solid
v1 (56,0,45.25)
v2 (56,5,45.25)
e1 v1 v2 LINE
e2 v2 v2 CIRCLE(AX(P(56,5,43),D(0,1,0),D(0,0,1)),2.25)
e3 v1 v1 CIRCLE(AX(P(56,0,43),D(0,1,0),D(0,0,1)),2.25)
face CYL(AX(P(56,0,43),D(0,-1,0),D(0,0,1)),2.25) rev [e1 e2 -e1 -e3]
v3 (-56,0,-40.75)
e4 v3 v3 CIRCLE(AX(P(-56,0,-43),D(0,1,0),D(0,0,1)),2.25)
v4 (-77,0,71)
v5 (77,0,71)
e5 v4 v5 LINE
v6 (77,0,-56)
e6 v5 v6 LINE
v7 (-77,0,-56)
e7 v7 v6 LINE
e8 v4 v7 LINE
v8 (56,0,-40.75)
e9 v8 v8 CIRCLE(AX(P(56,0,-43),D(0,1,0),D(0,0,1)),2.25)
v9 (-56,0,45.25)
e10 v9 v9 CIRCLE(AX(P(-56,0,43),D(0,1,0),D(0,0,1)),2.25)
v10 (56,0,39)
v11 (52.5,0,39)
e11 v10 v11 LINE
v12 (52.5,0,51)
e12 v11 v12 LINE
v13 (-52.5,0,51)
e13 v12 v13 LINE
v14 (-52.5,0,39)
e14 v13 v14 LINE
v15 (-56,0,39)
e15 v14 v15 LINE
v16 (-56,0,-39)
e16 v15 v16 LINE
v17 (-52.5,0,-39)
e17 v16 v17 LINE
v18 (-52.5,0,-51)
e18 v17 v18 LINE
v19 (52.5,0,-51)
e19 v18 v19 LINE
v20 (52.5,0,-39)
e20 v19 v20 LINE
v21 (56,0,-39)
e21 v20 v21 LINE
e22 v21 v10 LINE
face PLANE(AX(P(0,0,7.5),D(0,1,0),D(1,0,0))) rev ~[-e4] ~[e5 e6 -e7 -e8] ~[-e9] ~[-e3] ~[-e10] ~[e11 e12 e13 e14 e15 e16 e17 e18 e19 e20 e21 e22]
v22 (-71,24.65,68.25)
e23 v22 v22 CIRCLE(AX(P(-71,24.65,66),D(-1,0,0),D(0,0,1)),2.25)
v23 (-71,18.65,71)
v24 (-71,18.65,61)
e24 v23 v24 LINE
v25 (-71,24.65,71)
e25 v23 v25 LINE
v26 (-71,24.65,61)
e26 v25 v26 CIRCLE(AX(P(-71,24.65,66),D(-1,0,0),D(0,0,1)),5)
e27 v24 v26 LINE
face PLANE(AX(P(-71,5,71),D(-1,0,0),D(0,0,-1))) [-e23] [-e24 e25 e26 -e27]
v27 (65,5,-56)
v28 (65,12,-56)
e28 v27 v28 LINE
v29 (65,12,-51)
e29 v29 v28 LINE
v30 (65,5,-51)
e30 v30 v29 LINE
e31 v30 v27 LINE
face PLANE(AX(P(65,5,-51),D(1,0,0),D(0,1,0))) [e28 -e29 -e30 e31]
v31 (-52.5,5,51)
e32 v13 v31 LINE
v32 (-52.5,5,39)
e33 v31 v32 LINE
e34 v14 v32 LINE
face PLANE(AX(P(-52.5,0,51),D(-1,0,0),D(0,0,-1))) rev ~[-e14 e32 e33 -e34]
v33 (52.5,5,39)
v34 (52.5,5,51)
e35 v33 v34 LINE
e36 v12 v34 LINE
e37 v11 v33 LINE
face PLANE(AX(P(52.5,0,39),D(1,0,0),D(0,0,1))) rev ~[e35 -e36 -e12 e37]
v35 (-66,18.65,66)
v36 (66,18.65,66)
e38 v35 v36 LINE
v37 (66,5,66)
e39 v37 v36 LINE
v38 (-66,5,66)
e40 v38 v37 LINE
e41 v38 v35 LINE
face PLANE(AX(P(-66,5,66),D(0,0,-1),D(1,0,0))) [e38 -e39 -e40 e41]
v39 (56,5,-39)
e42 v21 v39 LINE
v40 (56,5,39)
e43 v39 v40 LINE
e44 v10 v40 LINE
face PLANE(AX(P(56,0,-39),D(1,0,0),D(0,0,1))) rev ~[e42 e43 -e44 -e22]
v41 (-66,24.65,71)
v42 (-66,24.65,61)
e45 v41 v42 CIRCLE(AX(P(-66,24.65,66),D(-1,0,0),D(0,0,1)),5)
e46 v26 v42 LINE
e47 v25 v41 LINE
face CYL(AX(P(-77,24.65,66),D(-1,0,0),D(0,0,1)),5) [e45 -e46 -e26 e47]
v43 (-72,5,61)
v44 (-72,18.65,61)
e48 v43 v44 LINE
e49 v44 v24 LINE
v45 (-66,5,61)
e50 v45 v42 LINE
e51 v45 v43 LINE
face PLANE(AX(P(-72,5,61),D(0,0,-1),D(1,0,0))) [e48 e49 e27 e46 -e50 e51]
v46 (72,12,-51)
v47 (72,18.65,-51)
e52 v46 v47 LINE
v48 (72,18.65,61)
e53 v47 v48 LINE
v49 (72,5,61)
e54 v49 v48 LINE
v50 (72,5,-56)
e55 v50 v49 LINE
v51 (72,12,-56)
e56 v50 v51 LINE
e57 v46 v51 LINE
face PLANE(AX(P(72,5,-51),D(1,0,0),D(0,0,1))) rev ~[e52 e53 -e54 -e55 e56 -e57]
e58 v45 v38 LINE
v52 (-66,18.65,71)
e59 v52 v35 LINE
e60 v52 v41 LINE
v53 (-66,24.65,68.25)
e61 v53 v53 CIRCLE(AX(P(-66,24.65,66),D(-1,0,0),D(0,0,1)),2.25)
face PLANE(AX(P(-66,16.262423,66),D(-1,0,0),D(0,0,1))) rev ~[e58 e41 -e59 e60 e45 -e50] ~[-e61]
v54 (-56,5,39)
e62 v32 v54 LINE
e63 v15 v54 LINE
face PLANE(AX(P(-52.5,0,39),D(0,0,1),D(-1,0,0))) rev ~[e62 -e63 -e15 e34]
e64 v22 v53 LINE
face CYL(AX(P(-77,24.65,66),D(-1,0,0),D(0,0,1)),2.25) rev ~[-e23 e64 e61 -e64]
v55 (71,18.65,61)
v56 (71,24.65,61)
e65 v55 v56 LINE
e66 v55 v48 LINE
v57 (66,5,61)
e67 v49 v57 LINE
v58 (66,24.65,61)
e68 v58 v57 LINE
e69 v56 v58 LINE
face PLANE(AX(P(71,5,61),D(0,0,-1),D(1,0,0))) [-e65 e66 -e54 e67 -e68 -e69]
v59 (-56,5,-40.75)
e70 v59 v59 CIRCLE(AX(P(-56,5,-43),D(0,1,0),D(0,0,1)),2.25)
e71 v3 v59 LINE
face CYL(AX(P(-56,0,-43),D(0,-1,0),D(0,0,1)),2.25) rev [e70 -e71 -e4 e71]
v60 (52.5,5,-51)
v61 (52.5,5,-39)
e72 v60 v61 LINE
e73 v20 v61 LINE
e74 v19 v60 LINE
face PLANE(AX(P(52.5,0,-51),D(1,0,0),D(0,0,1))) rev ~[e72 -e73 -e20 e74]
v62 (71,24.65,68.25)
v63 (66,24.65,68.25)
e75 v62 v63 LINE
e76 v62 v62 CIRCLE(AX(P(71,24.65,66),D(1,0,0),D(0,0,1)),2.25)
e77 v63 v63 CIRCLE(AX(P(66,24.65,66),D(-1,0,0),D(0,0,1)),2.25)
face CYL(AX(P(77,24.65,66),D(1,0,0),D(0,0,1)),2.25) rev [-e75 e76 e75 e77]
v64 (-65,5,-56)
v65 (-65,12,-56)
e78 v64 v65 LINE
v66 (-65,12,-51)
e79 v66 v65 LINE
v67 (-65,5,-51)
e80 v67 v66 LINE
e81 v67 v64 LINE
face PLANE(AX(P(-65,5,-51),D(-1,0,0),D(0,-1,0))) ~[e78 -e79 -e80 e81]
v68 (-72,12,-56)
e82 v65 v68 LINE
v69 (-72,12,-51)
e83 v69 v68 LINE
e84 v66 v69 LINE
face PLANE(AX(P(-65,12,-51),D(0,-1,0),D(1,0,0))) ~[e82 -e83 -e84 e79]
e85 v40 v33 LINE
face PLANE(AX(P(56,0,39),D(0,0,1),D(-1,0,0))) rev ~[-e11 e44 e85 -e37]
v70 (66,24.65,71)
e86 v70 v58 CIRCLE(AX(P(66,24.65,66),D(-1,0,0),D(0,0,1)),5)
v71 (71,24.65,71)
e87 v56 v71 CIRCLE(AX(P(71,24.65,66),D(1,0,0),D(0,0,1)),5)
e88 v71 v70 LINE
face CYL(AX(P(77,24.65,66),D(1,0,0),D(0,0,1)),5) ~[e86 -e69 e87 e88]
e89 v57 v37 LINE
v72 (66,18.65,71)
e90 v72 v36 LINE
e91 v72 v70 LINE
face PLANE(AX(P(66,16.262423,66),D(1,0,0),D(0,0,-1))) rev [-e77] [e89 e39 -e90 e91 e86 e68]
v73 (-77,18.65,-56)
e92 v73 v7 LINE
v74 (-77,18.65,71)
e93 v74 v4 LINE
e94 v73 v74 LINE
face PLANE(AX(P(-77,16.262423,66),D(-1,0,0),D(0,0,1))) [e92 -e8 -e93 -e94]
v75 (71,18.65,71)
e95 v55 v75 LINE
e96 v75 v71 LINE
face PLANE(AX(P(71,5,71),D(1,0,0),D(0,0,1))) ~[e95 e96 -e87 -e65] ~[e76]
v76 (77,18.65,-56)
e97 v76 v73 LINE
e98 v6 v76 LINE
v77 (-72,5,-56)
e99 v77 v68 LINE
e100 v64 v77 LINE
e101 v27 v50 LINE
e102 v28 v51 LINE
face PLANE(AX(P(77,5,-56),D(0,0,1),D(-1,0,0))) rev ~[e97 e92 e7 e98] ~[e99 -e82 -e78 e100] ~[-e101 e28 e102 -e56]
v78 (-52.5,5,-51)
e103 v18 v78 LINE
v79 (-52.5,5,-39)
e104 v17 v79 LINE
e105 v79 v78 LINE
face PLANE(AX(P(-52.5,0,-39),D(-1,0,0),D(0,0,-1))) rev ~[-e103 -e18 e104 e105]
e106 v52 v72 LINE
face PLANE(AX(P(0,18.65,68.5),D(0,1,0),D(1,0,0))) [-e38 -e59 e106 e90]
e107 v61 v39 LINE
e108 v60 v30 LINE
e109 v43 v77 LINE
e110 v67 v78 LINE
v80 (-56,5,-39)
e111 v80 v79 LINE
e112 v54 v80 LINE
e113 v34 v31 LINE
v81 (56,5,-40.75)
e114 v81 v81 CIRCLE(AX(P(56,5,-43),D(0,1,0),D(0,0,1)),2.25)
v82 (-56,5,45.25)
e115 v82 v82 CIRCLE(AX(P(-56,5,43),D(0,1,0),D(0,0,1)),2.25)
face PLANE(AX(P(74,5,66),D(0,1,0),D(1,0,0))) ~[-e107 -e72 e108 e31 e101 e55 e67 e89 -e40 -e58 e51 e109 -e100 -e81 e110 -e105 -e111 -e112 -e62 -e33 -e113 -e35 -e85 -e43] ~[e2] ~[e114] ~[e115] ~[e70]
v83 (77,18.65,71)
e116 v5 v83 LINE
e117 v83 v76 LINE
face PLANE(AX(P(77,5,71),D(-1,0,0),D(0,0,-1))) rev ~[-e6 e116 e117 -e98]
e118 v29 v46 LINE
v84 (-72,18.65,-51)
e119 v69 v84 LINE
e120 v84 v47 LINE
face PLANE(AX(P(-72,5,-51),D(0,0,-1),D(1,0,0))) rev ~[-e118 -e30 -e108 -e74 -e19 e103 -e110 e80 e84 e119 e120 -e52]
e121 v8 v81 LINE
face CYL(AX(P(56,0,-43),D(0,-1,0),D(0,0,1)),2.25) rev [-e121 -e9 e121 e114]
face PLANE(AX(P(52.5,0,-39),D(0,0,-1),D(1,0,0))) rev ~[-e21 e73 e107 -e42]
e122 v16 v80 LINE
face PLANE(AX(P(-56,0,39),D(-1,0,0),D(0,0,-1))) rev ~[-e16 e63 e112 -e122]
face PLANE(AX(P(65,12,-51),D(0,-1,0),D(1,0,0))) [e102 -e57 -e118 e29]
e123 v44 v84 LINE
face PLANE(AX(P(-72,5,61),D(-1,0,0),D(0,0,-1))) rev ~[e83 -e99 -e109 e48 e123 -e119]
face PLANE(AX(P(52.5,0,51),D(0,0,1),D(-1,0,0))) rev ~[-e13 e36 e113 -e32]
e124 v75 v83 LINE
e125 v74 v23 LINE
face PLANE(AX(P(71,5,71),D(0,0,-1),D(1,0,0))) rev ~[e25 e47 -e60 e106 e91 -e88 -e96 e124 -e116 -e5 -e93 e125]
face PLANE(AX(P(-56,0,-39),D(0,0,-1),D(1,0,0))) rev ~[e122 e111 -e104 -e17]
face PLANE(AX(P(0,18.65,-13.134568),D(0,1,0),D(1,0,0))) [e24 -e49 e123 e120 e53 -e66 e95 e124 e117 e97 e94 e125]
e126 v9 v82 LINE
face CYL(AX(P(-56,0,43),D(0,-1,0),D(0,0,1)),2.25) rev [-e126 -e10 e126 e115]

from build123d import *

# Parameters (mm, degrees)
SKETCH1_W           = 154
SKETCH1_H           = 127
SKETCH1_R           = 2.25
BOSS_EXTRUDE1_DEPTH = 5
SKETCH2_R           = 2.25
BOSS_EXTRUDE2_DEPTH = 11
SKETCH4_W           = 6
SKETCH4_H           = 10
CUT_EXTRUDE1_DEPTH  = 37
SKETCH5_W           = 132
SKETCH5_H           = 5
SKETCH5_W_2         = 1
SKETCH5_W_3         = 6
BOSS_EXTRUDE3_DEPTH = 13.65
SKETCH6_W           = 7
SKETCH6_H           = 7
CUT_EXTRUDE2_DEPTH  = 13.65


with BuildPart() as part:
    # Sketch1 → Boss-Extrude1 (new body)
    with BuildSketch(Plane(origin=(0, 0, 0), x_dir=(1, 0, 0), z_dir=(0, 1, 0))):
        with Locations((0, -7.5)):
            Rectangle(SKETCH1_W, SKETCH1_H)
        with Locations(Location((-56, -43, 0), (0, 0, 270))):
            Circle(SKETCH1_R, mode=Mode.SUBTRACT)
        with Locations(Location((56, -43, 0), (0, 0, 270))):
            Circle(SKETCH1_R, mode=Mode.SUBTRACT)
        with Locations(Location((-56, 43, 0), (0, 0, 270))):
            Circle(SKETCH1_R, mode=Mode.SUBTRACT)
        Polygon((52.5, -39), (52.5, -51), (-52.5, -51), (-52.5, -39), (-56, -39), (-56, 39), (-52.5, 39), (-52.5, 51), (52.5, 51), (52.5, 39), (56, 39), (56, -39), align=None, mode=Mode.SUBTRACT)
        with Locations(Location((56, 43, 0), (0, 0, 270))):
            Circle(SKETCH1_R, mode=Mode.SUBTRACT)
    extrude(amount=BOSS_EXTRUDE1_DEPTH)

    # Sketch2 → Boss-Extrude2 (add)
    with BuildSketch(Plane.ZY.offset(77)):
        with BuildLine():
            ThreePointArc((71, 24.65), (66, 29.65), (61, 24.65))
            Line((61, 24.65), (61, 5))
            Line((61, 5), (71, 5))
            Line((71, 5), (71, 24.65))
        make_face()
        with Locations((66, 24.65)):
            Circle(SKETCH2_R, mode=Mode.SUBTRACT)
    boss_extrude2 = extrude(amount=-BOSS_EXTRUDE2_DEPTH)

    # Sketch4 → Cut-Extrude1 (cut)
    with BuildSketch(Plane(origin=(0, 5, 0), x_dir=(1, 0, 0), z_dir=(0, 1, 0))):
        with Locations((-74, -66)):
            Rectangle(SKETCH4_W, SKETCH4_H)
    cut_extrude1 = extrude(amount=CUT_EXTRUDE1_DEPTH, mode=Mode.SUBTRACT)

    # Mirror1: Boss-Extrude2, Cut-Extrude1 across plane
    add(boss_extrude2.mirror(Plane(origin=(0, 0, 0), x_dir=(0, 0, 1), z_dir=(1, 0, 0))))
    add(cut_extrude1.mirror(Plane(origin=(0, 0, 0), x_dir=(0, 0, 1), z_dir=(1, 0, 0))), mode=Mode.SUBTRACT)

    # Sketch5 → Boss-Extrude3 (add)
    with BuildSketch(Plane(origin=(0, 5, 0), x_dir=(1, 0, 0), z_dir=(0, 1, 0))):
        Polygon((71, -71), (77, -71), (77, 56), (-77, 56), (-77, -71), (-71, -71), (-71, -66), (-72, -66), (-72, -61), (-72, 51), (-52.5, 51), (52.5, 51), (72, 51), (72, -61), (72, -66), (71, -66), align=None)
        with Locations((0, -68.5)):
            Rectangle(SKETCH5_W, SKETCH5_H)
        with Locations((71.5, -63.5)):
            Rectangle(SKETCH5_W_2, SKETCH5_H)
        with Locations((-69, -63.5)):
            Rectangle(SKETCH5_W_3, SKETCH5_H)
    extrude(amount=BOSS_EXTRUDE3_DEPTH)

    # Sketch6 → Cut-Extrude2 (cut)
    with BuildSketch(Plane.XY.offset(-51)):
        with Locations((68.5, 8.5)):
            Rectangle(SKETCH6_W, SKETCH6_H)
    cut_extrude2 = extrude(amount=-CUT_EXTRUDE2_DEPTH, mode=Mode.SUBTRACT)

    # Mirror2: Cut-Extrude2 across plane
    add(cut_extrude2.mirror(Plane(origin=(0, 0, 0), x_dir=(0, 0, 1), z_dir=(1, 0, 0))), mode=Mode.SUBTRACT)


solid = part.part
